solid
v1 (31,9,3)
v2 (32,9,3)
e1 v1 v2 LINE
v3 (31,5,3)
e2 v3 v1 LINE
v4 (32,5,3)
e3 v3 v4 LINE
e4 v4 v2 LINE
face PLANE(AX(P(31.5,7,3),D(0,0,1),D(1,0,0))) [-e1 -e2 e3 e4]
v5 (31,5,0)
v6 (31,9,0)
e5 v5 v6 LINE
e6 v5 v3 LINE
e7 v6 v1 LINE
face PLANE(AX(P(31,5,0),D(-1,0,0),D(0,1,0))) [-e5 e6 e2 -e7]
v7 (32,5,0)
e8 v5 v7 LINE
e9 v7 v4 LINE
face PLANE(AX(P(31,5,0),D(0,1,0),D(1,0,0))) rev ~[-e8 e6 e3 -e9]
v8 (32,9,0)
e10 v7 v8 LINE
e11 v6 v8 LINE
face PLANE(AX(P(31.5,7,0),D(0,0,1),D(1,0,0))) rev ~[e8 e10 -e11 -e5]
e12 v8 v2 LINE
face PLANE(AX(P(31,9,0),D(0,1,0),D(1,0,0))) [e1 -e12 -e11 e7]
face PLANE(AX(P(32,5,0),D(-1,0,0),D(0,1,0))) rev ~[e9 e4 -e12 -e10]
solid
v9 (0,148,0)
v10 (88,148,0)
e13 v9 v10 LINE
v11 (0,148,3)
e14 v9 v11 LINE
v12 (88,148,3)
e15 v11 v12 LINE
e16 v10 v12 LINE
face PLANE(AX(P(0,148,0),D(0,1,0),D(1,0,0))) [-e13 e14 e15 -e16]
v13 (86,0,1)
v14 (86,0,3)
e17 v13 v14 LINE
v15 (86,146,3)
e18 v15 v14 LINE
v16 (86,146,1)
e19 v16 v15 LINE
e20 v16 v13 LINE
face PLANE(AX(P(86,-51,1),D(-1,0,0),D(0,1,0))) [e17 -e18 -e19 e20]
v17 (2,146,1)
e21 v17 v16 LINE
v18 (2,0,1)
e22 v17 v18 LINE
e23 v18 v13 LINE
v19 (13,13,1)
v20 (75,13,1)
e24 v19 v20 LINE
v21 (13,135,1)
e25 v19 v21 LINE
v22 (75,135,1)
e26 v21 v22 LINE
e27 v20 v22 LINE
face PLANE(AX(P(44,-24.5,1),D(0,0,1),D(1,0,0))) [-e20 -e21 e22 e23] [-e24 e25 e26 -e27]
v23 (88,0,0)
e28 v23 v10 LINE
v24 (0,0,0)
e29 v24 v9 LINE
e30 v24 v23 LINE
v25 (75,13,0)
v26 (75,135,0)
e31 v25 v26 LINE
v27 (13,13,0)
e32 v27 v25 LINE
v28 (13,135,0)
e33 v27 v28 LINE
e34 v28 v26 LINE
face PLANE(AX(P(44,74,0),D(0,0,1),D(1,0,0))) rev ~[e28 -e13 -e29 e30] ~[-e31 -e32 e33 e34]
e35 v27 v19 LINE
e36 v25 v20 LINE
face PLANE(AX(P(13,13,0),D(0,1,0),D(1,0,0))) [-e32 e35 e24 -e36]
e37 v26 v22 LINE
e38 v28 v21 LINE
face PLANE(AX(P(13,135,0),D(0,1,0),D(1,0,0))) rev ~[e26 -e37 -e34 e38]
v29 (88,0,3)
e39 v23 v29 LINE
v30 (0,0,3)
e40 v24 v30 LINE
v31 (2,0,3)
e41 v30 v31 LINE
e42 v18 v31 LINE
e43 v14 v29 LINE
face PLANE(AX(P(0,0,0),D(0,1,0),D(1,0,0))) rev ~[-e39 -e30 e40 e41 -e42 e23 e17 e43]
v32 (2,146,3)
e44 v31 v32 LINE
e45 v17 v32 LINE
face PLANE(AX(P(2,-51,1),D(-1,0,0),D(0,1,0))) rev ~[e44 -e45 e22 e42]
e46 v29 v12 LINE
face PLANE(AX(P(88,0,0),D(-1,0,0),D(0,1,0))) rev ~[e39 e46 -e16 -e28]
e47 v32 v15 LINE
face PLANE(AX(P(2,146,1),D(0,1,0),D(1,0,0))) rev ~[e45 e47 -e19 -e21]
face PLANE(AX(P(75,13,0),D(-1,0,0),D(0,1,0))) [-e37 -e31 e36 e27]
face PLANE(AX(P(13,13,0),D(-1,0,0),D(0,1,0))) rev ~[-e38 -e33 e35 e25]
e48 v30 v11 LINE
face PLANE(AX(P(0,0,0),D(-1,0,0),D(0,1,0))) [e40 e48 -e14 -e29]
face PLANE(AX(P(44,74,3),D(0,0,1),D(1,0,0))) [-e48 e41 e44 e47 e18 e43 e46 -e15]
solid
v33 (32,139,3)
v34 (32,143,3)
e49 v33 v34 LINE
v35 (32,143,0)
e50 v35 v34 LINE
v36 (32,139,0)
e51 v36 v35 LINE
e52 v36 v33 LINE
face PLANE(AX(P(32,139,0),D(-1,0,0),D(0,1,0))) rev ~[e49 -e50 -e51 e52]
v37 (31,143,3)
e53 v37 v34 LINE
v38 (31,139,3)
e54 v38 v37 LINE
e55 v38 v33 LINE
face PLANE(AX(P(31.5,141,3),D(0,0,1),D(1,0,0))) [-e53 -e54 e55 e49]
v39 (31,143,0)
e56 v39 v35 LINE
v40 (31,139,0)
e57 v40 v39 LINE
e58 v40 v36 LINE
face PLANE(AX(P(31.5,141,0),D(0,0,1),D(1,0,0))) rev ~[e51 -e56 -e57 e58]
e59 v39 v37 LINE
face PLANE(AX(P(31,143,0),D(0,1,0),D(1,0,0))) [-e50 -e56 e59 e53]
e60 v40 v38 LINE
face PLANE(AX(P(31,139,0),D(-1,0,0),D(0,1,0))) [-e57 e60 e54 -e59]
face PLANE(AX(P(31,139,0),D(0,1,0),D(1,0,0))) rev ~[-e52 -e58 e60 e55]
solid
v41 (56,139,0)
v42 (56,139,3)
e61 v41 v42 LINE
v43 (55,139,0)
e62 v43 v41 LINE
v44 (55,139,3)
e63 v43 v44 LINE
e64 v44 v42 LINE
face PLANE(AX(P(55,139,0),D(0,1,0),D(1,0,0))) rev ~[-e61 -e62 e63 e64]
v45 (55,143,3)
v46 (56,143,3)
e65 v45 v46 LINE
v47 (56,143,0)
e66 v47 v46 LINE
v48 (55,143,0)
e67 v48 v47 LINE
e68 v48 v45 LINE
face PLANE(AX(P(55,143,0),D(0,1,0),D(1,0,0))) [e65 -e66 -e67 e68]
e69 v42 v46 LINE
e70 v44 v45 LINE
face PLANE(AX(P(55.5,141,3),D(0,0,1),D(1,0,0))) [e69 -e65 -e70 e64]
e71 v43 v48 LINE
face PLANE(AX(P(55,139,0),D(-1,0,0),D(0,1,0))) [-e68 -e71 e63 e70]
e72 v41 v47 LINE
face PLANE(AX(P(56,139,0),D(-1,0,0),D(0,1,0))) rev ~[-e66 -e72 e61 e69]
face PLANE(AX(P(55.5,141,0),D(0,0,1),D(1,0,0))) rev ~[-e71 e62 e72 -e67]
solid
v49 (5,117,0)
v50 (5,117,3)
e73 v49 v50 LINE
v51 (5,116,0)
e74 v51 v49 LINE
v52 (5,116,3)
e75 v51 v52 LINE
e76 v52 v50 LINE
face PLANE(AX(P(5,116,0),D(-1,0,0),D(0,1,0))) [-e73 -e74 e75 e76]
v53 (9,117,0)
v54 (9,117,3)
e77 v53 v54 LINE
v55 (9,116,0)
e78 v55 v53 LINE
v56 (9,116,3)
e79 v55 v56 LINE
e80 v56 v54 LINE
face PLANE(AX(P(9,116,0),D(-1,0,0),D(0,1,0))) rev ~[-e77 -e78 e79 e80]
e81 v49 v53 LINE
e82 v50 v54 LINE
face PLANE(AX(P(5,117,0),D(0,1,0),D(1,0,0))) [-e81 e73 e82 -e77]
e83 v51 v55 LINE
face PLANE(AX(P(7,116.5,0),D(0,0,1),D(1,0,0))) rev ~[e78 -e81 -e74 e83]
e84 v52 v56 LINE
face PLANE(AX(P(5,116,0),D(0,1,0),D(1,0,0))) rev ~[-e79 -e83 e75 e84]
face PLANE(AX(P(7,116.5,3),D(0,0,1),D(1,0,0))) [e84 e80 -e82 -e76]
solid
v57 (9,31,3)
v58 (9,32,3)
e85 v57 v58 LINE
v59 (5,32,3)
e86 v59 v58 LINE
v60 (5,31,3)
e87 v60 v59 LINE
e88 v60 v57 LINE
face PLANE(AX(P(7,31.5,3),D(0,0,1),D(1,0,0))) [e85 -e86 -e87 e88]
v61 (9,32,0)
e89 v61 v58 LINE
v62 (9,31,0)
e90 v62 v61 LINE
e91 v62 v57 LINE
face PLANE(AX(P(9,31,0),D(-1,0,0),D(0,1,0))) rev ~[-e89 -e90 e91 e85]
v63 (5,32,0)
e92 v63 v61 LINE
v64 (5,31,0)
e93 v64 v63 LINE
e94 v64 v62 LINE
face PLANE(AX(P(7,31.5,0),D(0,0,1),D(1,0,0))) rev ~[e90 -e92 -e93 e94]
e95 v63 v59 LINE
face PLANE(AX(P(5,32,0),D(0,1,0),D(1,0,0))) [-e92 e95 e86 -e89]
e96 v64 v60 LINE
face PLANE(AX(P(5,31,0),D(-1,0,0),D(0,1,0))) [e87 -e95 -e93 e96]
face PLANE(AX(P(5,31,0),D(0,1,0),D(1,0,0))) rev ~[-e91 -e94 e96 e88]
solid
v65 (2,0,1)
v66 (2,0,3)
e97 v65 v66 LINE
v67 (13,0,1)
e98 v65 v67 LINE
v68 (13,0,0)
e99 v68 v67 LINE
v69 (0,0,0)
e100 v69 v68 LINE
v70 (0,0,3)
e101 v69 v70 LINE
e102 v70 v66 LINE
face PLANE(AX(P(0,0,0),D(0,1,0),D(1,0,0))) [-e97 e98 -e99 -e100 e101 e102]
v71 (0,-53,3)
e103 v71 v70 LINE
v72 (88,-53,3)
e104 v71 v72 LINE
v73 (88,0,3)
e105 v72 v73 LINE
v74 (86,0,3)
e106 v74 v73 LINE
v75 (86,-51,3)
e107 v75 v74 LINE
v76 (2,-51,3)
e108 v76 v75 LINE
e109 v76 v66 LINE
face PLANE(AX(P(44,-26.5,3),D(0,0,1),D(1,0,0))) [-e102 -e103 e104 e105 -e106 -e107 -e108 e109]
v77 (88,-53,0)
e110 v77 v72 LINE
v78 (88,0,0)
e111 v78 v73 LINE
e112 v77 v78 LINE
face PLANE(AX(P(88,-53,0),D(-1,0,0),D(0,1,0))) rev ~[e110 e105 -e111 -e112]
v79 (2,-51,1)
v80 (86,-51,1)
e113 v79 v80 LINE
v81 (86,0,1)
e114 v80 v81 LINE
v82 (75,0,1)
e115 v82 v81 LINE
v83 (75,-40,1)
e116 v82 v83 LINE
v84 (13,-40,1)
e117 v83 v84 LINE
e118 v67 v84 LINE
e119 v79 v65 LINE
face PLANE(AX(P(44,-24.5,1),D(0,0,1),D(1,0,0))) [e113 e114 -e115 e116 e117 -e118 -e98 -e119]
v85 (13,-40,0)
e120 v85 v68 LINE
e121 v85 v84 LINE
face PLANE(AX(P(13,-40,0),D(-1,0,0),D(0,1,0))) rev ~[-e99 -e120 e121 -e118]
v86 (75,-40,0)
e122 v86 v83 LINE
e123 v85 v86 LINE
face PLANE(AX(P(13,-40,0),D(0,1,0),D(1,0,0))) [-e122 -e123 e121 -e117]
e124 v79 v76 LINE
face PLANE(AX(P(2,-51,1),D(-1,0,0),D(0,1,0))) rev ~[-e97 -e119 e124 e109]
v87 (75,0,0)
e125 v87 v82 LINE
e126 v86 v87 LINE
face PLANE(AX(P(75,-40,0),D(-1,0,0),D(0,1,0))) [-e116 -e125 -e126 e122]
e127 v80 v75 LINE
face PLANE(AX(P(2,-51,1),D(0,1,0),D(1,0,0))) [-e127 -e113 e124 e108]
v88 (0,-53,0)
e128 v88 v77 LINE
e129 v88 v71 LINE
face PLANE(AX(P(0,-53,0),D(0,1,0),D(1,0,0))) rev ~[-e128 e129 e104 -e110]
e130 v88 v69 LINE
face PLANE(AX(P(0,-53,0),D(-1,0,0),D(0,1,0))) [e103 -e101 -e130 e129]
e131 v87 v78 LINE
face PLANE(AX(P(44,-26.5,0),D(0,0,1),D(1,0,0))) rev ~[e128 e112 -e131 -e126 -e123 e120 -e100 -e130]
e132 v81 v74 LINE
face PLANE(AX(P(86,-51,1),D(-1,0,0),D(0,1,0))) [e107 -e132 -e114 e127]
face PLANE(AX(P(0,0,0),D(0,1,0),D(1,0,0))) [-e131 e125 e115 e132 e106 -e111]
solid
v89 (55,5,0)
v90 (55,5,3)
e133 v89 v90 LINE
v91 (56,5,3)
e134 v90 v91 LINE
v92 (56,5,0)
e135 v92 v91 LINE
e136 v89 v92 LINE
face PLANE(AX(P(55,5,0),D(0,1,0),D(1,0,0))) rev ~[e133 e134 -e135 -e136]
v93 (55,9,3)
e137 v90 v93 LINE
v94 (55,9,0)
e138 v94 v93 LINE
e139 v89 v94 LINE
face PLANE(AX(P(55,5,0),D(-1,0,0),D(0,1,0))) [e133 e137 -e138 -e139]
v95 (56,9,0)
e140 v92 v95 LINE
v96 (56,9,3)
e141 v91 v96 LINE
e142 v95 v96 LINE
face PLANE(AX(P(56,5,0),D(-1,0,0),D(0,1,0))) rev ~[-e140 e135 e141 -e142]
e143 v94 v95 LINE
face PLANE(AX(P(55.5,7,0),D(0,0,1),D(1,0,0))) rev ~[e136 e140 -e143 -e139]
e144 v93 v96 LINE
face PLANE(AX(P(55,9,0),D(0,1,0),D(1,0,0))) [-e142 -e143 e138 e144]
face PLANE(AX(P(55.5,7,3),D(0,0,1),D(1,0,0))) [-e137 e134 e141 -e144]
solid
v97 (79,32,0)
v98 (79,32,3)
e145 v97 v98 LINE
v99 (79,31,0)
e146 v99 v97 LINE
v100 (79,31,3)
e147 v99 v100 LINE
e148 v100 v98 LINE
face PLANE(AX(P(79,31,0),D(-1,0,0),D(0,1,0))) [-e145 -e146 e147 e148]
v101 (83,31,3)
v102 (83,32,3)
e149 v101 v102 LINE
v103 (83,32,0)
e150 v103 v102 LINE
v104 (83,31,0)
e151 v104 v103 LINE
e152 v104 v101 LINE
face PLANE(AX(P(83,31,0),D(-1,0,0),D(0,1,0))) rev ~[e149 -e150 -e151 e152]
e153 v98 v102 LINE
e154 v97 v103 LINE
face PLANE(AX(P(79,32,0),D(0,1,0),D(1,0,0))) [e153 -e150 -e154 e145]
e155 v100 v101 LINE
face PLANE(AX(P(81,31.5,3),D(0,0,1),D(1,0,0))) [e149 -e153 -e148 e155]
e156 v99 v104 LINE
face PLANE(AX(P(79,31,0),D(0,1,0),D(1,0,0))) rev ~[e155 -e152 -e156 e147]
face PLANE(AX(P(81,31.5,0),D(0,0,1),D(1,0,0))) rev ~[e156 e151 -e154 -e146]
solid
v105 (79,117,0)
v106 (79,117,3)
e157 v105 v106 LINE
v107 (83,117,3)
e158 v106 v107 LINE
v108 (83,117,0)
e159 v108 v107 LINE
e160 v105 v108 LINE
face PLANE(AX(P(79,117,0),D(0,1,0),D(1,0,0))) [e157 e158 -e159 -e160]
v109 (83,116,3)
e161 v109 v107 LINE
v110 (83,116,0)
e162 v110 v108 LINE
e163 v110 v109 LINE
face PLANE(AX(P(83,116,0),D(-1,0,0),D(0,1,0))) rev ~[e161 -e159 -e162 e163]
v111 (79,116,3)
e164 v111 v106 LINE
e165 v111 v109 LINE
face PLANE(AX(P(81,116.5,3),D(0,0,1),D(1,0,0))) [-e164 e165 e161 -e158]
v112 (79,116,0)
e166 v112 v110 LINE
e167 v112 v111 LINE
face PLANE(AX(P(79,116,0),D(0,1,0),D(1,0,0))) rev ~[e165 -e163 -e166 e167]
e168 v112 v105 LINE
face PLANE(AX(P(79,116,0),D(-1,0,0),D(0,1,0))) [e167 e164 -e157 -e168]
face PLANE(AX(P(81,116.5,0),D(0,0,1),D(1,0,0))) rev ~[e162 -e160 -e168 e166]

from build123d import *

# Parameters (mm, degrees)
BOX003_W     = 4
BOX003_H     = 1
BOX003_DEPTH = 3
BOX004_W     = 4
BOX004_H     = 1
BOX004_DEPTH = 3
BOX005_W     = 4
BOX005_H     = 1
BOX005_DEPTH = 3
BOX006_W     = 4
BOX006_H     = 1
BOX006_DEPTH = 3
BOX007_W     = 1
BOX007_H     = 4
BOX007_DEPTH = 3
BOX008_W     = 1
BOX008_H     = 4
BOX008_DEPTH = 3
BOX009_W     = 1
BOX009_H     = 4
BOX009_DEPTH = 3
BOX010_W     = 1
BOX010_H     = 4
BOX010_DEPTH = 3
BOX012_W     = 84
BOX012_H     = 53
BOX012_DEPTH = 2
BOX002_W     = 84
BOX002_H     = 144
BOX002_DEPTH = 2
BOX001_W     = 62
BOX001_H     = 122
BOX001_DEPTH = 3
BOX_W        = 88
BOX_H        = 148
BOX_DEPTH    = 3
BOX013_W     = 62
BOX013_H     = 40
BOX013_DEPTH = 3
BOX011_W     = 88
BOX011_H     = 53
BOX011_DEPTH = 3


with BuildPart() as cube003:
    # Box003 → Box003 (new body)
    with BuildSketch(Plane(origin=(5, 31, 0), x_dir=(1, 0, 0), z_dir=(0, 0, 1))):
        with Locations((2, 0.5)):
            Rectangle(BOX003_W, BOX003_H)
    extrude(amount=BOX003_DEPTH)


with BuildPart() as cube004:
    # Box004 → Box004 (new body)
    with BuildSketch(Plane(origin=(79, 31, 0), x_dir=(1, 0, 0), z_dir=(0, 0, 1))):
        with Locations((2, 0.5)):
            Rectangle(BOX004_W, BOX004_H)
    extrude(amount=BOX004_DEPTH)


with BuildPart() as cube005:
    # Box005 → Box005 (new body)
    with BuildSketch(Plane(origin=(5, 116, 0), x_dir=(1, 0, 0), z_dir=(0, 0, 1))):
        with Locations((2, 0.5)):
            Rectangle(BOX005_W, BOX005_H)
    extrude(amount=BOX005_DEPTH)


with BuildPart() as cube006:
    # Box006 → Box006 (new body)
    with BuildSketch(Plane(origin=(79, 116, 0), x_dir=(1, 0, 0), z_dir=(0, 0, 1))):
        with Locations((2, 0.5)):
            Rectangle(BOX006_W, BOX006_H)
    extrude(amount=BOX006_DEPTH)


with BuildPart() as cube007:
    # Box007 → Box007 (new body)
    with BuildSketch(Plane(origin=(31, 5, 0), x_dir=(1, 0, 0), z_dir=(0, 0, 1))):
        with Locations((0.5, 2)):
            Rectangle(BOX007_W, BOX007_H)
    extrude(amount=BOX007_DEPTH)


with BuildPart() as cube008:
    # Box008 → Box008 (new body)
    with BuildSketch(Plane(origin=(55, 5, 0), x_dir=(1, 0, 0), z_dir=(0, 0, 1))):
        with Locations((0.5, 2)):
            Rectangle(BOX008_W, BOX008_H)
    extrude(amount=BOX008_DEPTH)


with BuildPart() as cube009:
    # Box009 → Box009 (new body)
    with BuildSketch(Plane(origin=(31, 139, 0), x_dir=(1, 0, 0), z_dir=(0, 0, 1))):
        with Locations((0.5, 2)):
            Rectangle(BOX009_W, BOX009_H)
    extrude(amount=BOX009_DEPTH)


with BuildPart() as cube010:
    # Box010 → Box010 (new body)
    with BuildSketch(Plane(origin=(55, 139, 0), x_dir=(1, 0, 0), z_dir=(0, 0, 1))):
        with Locations((0.5, 2)):
            Rectangle(BOX010_W, BOX010_H)
    extrude(amount=BOX010_DEPTH)


with BuildPart() as cube012:
    # Box012 → Box012 (new body)
    with BuildSketch(Plane(origin=(2, -51, 1), x_dir=(1, 0, 0), z_dir=(0, 0, 1))):
        with Locations((42, 26.5)):
            Rectangle(BOX012_W, BOX012_H)
    extrude(amount=BOX012_DEPTH)


with BuildPart() as cube002:
    # Box002 → Box002 (new body)
    with BuildSketch(Plane(origin=(2, 2, 1), x_dir=(1, 0, 0), z_dir=(0, 0, 1))):
        with Locations((42, 72)):
            Rectangle(BOX002_W, BOX002_H)
    extrude(amount=BOX002_DEPTH)


with BuildPart() as cube001:
    # Box001 → Box001 (new body)
    with BuildSketch(Plane(origin=(13, 13, 0), x_dir=(1, 0, 0), z_dir=(0, 0, 1))):
        with Locations((31, 61)):
            Rectangle(BOX001_W, BOX001_H)
    extrude(amount=BOX001_DEPTH)


with BuildPart() as cut003:
    # Box → Box (new body)
    with BuildSketch(Plane.XY):
        with Locations((44, 74)):
            Rectangle(BOX_W, BOX_H)
    extrude(amount=BOX_DEPTH)

    # Cut: cut Cube001
    add(cube001.part, mode=Mode.SUBTRACT)

    # Cut001: cut Cube002
    add(cube002.part, mode=Mode.SUBTRACT)

    # Cut003: cut Cube012
    add(cube012.part, mode=Mode.SUBTRACT)


with BuildPart() as cube013:
    # Box013 → Box013 (new body)
    with BuildSketch(Plane(origin=(13, -40, 0), x_dir=(1, 0, 0), z_dir=(0, 0, 1))):
        with Locations((31, 20)):
            Rectangle(BOX013_W, BOX013_H)
    extrude(amount=BOX013_DEPTH)


with BuildPart() as cut004:
    # Box011 → Box011 (new body)
    with BuildSketch(Plane(origin=(0, -53, 0), x_dir=(1, 0, 0), z_dir=(0, 0, 1))):
        with Locations((44, 26.5)):
            Rectangle(BOX011_W, BOX011_H)
    extrude(amount=BOX011_DEPTH)

    # Cut002: cut Cube012
    add(cube012.part, mode=Mode.SUBTRACT)

    # Cut004: cut Cube013
    add(cube013.part, mode=Mode.SUBTRACT)


solid = Compound([cube003.part, cube004.part, cube005.part, cube006.part, cube007.part, cube008.part, cube009.part, cube010.part, cut003.part, cut004.part])
